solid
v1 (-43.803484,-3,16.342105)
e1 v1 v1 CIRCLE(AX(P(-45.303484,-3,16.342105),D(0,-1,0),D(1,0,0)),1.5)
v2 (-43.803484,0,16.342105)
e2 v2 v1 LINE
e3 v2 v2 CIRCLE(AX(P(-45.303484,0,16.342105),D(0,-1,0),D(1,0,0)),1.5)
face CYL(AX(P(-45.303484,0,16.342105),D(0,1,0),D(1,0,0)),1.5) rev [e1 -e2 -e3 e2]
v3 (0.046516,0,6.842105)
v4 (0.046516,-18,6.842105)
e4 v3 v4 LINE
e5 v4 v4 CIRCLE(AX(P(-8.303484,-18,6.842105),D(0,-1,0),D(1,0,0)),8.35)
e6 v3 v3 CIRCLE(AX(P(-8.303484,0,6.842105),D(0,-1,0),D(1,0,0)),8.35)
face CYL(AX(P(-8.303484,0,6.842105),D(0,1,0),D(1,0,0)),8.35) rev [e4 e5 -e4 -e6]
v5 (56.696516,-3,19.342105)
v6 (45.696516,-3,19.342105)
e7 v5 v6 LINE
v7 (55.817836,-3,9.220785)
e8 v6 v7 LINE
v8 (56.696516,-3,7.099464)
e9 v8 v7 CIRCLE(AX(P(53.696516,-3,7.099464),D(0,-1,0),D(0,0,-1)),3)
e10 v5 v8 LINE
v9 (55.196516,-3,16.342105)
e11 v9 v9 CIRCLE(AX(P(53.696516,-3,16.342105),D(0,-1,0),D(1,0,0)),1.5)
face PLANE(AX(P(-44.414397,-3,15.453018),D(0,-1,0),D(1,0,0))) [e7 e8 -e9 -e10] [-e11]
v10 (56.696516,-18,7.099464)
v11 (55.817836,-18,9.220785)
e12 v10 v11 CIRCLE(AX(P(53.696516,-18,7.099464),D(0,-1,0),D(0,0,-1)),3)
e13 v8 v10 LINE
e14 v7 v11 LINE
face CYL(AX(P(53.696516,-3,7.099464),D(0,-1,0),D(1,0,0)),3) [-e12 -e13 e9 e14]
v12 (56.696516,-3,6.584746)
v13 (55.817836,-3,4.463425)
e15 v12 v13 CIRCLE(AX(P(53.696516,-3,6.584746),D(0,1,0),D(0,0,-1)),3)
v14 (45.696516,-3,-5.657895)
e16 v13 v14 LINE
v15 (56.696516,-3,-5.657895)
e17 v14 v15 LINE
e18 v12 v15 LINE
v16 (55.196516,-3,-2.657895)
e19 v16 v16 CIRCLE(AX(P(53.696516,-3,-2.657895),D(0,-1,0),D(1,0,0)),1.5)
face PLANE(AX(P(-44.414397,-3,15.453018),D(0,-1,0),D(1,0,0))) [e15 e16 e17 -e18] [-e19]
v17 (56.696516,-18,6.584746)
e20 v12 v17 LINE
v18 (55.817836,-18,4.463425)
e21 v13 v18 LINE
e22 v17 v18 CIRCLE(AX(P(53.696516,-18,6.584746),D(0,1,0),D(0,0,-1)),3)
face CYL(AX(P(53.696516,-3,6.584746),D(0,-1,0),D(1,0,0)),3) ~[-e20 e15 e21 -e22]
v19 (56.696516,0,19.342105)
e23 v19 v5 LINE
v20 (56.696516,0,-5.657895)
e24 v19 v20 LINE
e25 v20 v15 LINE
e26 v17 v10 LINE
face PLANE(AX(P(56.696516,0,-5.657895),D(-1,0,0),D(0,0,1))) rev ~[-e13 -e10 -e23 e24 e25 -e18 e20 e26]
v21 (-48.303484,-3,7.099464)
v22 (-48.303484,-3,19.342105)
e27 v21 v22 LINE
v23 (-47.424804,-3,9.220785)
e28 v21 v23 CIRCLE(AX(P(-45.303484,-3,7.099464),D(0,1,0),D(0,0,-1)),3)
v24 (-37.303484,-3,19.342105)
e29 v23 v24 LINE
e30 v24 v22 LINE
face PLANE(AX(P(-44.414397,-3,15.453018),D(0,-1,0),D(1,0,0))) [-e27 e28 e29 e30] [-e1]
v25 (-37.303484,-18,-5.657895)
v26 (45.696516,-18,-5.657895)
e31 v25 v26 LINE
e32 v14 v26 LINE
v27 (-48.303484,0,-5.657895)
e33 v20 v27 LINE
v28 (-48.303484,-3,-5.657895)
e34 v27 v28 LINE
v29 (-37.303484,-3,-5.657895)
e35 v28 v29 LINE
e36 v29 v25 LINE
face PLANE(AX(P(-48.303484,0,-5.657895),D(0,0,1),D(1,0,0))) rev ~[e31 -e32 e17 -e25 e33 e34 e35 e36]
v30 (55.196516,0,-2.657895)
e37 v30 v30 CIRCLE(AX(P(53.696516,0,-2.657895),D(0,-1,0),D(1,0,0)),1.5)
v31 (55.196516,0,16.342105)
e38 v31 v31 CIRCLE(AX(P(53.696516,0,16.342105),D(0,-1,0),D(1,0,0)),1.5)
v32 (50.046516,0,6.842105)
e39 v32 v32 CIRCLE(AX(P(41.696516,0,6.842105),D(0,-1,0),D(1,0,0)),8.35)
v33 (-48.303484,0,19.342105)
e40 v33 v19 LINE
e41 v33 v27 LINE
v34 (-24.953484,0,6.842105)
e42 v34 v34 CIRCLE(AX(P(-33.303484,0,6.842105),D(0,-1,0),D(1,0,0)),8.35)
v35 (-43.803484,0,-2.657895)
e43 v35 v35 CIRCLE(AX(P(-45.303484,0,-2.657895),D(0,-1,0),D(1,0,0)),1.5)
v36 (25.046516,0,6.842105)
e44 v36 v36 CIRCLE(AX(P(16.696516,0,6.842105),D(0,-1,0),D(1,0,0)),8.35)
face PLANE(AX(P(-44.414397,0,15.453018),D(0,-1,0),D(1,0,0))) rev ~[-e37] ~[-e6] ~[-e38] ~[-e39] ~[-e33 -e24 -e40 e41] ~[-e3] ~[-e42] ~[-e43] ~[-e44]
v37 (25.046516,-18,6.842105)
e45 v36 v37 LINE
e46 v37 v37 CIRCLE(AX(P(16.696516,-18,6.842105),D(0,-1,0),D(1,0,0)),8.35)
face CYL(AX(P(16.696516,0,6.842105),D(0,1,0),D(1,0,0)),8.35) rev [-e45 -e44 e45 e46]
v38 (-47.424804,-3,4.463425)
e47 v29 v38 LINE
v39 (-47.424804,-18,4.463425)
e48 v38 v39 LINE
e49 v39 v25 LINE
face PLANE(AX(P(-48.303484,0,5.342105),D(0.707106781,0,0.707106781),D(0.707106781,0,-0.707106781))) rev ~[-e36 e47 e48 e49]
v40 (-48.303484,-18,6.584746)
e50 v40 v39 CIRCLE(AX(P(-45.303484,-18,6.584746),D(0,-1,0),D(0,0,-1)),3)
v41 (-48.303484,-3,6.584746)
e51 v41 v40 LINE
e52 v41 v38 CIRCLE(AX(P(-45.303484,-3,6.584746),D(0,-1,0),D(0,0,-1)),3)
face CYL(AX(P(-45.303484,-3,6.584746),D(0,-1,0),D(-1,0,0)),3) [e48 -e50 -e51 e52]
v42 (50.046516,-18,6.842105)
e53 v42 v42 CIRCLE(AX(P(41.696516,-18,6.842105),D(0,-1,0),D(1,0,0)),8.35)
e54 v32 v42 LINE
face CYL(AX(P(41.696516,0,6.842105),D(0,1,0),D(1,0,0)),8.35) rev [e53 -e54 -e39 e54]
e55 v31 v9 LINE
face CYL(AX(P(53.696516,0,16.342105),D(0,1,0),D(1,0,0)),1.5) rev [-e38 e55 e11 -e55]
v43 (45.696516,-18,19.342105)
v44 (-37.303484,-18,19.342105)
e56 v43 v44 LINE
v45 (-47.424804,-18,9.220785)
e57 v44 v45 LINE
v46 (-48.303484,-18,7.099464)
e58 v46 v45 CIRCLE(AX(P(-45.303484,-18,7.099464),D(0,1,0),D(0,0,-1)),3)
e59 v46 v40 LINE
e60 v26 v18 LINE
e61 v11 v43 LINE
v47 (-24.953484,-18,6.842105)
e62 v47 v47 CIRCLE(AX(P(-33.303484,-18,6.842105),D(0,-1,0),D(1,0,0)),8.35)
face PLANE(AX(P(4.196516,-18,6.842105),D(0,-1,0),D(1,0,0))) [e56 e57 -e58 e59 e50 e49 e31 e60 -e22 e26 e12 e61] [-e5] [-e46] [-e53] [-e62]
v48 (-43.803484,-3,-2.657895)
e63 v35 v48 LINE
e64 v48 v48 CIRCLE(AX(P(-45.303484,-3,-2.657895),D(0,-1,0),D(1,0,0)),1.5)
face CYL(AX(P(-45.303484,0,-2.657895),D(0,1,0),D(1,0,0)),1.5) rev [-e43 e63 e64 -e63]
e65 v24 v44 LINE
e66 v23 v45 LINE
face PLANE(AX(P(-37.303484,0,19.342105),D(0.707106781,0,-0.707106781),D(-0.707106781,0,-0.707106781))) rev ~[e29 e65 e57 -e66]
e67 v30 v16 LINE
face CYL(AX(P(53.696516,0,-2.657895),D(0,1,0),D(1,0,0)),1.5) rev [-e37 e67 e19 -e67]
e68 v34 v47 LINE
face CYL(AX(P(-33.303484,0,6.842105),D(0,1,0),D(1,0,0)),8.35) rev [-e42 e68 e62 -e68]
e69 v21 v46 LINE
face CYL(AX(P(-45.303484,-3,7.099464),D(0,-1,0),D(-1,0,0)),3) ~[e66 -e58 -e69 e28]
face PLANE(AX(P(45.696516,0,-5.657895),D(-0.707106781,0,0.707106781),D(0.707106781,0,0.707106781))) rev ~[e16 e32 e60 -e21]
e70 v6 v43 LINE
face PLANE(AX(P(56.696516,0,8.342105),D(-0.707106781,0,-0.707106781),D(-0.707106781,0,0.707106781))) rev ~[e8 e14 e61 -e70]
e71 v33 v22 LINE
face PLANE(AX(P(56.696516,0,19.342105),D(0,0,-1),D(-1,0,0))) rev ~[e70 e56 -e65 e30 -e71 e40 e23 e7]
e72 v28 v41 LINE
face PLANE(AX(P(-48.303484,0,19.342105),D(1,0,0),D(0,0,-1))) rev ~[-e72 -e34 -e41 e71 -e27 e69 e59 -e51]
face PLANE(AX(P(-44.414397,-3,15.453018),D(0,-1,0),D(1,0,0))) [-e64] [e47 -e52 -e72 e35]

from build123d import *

# Parameters (mm, degrees)
F0_R     = 1.5
F0_R_2   = 8.35
F1_DEPTH = 3
F2_DEPTH = 18
F3_R     = 3


with BuildPart() as f1:
    # F0 (on Front) → F1 (new body)
    with BuildSketch(Plane.XZ):
        Polygon((-48.303484, 19.342105), (-48.303484, 8.342105), (-37.303484, 19.342105), align=None)
        with Locations((-45.303484, 16.342105)):
            Circle(F0_R, mode=Mode.SUBTRACT)
        Polygon((-48.303484, 5.342105), (-48.303484, -5.657895), (-37.303484, -5.657895), align=None)
        with Locations((-45.303484, -2.657895)):
            Circle(F0_R, mode=Mode.SUBTRACT)
        Polygon((-48.303484, 5.342105), (-37.303484, -5.657895), (45.696516, -5.657895), (56.696516, 5.342105), (56.696516, 6.842105), (56.696516, 8.342105), (45.696516, 19.342105), (-37.303484, 19.342105), (-48.303484, 8.342105), (-48.303484, 6.842105), align=None)
        with Locations((-33.303484, 6.842105)):
            Circle(F0_R_2, mode=Mode.SUBTRACT)
        with Locations((-8.303484, 6.842105)):
            Circle(F0_R_2, mode=Mode.SUBTRACT)
        with Locations((16.696516, 6.842105)):
            Circle(F0_R_2, mode=Mode.SUBTRACT)
        with Locations((41.696516, 6.842105)):
            Circle(F0_R_2, mode=Mode.SUBTRACT)
        Polygon((45.696516, 19.342105), (56.696516, 8.342105), (56.696516, 19.342105), align=None)
        with Locations((53.696516, 16.342105)):
            Circle(F0_R, mode=Mode.SUBTRACT)
        Polygon((56.696516, 5.342105), (45.696516, -5.657895), (56.696516, -5.657895), align=None)
        with Locations((53.696516, -2.657895)):
            Circle(F0_R, mode=Mode.SUBTRACT)
    extrude(amount=F1_DEPTH)

    # F0 (on Front) → F2 (join)
    with BuildSketch(Plane.XZ):
        Polygon((-48.303484, 5.342105), (-37.303484, -5.657895), (45.696516, -5.657895), (56.696516, 5.342105), (56.696516, 6.842105), (56.696516, 8.342105), (45.696516, 19.342105), (-37.303484, 19.342105), (-48.303484, 8.342105), (-48.303484, 6.842105), align=None)
        with Locations((-33.303484, 6.842105)):
            Circle(F0_R_2, mode=Mode.SUBTRACT)
        with Locations((-8.303484, 6.842105)):
            Circle(F0_R_2, mode=Mode.SUBTRACT)
        with Locations((16.696516, 6.842105)):
            Circle(F0_R_2, mode=Mode.SUBTRACT)
        with Locations((41.696516, 6.842105)):
            Circle(F0_R_2, mode=Mode.SUBTRACT)
    extrude(amount=F2_DEPTH)

    # F3
    f3_edges = [f1.edges().sort_by_distance(p)[0] for p in [
        (-48.303484, -10.5, 8.342105),
        (-48.303484, -10.5, 5.342105),
        (56.696516, -10.5, 5.342105),
        (56.696516, -10.5, 8.342105),
    ]]
    fillet(f3_edges, radius=F3_R)


solid = f1.part
